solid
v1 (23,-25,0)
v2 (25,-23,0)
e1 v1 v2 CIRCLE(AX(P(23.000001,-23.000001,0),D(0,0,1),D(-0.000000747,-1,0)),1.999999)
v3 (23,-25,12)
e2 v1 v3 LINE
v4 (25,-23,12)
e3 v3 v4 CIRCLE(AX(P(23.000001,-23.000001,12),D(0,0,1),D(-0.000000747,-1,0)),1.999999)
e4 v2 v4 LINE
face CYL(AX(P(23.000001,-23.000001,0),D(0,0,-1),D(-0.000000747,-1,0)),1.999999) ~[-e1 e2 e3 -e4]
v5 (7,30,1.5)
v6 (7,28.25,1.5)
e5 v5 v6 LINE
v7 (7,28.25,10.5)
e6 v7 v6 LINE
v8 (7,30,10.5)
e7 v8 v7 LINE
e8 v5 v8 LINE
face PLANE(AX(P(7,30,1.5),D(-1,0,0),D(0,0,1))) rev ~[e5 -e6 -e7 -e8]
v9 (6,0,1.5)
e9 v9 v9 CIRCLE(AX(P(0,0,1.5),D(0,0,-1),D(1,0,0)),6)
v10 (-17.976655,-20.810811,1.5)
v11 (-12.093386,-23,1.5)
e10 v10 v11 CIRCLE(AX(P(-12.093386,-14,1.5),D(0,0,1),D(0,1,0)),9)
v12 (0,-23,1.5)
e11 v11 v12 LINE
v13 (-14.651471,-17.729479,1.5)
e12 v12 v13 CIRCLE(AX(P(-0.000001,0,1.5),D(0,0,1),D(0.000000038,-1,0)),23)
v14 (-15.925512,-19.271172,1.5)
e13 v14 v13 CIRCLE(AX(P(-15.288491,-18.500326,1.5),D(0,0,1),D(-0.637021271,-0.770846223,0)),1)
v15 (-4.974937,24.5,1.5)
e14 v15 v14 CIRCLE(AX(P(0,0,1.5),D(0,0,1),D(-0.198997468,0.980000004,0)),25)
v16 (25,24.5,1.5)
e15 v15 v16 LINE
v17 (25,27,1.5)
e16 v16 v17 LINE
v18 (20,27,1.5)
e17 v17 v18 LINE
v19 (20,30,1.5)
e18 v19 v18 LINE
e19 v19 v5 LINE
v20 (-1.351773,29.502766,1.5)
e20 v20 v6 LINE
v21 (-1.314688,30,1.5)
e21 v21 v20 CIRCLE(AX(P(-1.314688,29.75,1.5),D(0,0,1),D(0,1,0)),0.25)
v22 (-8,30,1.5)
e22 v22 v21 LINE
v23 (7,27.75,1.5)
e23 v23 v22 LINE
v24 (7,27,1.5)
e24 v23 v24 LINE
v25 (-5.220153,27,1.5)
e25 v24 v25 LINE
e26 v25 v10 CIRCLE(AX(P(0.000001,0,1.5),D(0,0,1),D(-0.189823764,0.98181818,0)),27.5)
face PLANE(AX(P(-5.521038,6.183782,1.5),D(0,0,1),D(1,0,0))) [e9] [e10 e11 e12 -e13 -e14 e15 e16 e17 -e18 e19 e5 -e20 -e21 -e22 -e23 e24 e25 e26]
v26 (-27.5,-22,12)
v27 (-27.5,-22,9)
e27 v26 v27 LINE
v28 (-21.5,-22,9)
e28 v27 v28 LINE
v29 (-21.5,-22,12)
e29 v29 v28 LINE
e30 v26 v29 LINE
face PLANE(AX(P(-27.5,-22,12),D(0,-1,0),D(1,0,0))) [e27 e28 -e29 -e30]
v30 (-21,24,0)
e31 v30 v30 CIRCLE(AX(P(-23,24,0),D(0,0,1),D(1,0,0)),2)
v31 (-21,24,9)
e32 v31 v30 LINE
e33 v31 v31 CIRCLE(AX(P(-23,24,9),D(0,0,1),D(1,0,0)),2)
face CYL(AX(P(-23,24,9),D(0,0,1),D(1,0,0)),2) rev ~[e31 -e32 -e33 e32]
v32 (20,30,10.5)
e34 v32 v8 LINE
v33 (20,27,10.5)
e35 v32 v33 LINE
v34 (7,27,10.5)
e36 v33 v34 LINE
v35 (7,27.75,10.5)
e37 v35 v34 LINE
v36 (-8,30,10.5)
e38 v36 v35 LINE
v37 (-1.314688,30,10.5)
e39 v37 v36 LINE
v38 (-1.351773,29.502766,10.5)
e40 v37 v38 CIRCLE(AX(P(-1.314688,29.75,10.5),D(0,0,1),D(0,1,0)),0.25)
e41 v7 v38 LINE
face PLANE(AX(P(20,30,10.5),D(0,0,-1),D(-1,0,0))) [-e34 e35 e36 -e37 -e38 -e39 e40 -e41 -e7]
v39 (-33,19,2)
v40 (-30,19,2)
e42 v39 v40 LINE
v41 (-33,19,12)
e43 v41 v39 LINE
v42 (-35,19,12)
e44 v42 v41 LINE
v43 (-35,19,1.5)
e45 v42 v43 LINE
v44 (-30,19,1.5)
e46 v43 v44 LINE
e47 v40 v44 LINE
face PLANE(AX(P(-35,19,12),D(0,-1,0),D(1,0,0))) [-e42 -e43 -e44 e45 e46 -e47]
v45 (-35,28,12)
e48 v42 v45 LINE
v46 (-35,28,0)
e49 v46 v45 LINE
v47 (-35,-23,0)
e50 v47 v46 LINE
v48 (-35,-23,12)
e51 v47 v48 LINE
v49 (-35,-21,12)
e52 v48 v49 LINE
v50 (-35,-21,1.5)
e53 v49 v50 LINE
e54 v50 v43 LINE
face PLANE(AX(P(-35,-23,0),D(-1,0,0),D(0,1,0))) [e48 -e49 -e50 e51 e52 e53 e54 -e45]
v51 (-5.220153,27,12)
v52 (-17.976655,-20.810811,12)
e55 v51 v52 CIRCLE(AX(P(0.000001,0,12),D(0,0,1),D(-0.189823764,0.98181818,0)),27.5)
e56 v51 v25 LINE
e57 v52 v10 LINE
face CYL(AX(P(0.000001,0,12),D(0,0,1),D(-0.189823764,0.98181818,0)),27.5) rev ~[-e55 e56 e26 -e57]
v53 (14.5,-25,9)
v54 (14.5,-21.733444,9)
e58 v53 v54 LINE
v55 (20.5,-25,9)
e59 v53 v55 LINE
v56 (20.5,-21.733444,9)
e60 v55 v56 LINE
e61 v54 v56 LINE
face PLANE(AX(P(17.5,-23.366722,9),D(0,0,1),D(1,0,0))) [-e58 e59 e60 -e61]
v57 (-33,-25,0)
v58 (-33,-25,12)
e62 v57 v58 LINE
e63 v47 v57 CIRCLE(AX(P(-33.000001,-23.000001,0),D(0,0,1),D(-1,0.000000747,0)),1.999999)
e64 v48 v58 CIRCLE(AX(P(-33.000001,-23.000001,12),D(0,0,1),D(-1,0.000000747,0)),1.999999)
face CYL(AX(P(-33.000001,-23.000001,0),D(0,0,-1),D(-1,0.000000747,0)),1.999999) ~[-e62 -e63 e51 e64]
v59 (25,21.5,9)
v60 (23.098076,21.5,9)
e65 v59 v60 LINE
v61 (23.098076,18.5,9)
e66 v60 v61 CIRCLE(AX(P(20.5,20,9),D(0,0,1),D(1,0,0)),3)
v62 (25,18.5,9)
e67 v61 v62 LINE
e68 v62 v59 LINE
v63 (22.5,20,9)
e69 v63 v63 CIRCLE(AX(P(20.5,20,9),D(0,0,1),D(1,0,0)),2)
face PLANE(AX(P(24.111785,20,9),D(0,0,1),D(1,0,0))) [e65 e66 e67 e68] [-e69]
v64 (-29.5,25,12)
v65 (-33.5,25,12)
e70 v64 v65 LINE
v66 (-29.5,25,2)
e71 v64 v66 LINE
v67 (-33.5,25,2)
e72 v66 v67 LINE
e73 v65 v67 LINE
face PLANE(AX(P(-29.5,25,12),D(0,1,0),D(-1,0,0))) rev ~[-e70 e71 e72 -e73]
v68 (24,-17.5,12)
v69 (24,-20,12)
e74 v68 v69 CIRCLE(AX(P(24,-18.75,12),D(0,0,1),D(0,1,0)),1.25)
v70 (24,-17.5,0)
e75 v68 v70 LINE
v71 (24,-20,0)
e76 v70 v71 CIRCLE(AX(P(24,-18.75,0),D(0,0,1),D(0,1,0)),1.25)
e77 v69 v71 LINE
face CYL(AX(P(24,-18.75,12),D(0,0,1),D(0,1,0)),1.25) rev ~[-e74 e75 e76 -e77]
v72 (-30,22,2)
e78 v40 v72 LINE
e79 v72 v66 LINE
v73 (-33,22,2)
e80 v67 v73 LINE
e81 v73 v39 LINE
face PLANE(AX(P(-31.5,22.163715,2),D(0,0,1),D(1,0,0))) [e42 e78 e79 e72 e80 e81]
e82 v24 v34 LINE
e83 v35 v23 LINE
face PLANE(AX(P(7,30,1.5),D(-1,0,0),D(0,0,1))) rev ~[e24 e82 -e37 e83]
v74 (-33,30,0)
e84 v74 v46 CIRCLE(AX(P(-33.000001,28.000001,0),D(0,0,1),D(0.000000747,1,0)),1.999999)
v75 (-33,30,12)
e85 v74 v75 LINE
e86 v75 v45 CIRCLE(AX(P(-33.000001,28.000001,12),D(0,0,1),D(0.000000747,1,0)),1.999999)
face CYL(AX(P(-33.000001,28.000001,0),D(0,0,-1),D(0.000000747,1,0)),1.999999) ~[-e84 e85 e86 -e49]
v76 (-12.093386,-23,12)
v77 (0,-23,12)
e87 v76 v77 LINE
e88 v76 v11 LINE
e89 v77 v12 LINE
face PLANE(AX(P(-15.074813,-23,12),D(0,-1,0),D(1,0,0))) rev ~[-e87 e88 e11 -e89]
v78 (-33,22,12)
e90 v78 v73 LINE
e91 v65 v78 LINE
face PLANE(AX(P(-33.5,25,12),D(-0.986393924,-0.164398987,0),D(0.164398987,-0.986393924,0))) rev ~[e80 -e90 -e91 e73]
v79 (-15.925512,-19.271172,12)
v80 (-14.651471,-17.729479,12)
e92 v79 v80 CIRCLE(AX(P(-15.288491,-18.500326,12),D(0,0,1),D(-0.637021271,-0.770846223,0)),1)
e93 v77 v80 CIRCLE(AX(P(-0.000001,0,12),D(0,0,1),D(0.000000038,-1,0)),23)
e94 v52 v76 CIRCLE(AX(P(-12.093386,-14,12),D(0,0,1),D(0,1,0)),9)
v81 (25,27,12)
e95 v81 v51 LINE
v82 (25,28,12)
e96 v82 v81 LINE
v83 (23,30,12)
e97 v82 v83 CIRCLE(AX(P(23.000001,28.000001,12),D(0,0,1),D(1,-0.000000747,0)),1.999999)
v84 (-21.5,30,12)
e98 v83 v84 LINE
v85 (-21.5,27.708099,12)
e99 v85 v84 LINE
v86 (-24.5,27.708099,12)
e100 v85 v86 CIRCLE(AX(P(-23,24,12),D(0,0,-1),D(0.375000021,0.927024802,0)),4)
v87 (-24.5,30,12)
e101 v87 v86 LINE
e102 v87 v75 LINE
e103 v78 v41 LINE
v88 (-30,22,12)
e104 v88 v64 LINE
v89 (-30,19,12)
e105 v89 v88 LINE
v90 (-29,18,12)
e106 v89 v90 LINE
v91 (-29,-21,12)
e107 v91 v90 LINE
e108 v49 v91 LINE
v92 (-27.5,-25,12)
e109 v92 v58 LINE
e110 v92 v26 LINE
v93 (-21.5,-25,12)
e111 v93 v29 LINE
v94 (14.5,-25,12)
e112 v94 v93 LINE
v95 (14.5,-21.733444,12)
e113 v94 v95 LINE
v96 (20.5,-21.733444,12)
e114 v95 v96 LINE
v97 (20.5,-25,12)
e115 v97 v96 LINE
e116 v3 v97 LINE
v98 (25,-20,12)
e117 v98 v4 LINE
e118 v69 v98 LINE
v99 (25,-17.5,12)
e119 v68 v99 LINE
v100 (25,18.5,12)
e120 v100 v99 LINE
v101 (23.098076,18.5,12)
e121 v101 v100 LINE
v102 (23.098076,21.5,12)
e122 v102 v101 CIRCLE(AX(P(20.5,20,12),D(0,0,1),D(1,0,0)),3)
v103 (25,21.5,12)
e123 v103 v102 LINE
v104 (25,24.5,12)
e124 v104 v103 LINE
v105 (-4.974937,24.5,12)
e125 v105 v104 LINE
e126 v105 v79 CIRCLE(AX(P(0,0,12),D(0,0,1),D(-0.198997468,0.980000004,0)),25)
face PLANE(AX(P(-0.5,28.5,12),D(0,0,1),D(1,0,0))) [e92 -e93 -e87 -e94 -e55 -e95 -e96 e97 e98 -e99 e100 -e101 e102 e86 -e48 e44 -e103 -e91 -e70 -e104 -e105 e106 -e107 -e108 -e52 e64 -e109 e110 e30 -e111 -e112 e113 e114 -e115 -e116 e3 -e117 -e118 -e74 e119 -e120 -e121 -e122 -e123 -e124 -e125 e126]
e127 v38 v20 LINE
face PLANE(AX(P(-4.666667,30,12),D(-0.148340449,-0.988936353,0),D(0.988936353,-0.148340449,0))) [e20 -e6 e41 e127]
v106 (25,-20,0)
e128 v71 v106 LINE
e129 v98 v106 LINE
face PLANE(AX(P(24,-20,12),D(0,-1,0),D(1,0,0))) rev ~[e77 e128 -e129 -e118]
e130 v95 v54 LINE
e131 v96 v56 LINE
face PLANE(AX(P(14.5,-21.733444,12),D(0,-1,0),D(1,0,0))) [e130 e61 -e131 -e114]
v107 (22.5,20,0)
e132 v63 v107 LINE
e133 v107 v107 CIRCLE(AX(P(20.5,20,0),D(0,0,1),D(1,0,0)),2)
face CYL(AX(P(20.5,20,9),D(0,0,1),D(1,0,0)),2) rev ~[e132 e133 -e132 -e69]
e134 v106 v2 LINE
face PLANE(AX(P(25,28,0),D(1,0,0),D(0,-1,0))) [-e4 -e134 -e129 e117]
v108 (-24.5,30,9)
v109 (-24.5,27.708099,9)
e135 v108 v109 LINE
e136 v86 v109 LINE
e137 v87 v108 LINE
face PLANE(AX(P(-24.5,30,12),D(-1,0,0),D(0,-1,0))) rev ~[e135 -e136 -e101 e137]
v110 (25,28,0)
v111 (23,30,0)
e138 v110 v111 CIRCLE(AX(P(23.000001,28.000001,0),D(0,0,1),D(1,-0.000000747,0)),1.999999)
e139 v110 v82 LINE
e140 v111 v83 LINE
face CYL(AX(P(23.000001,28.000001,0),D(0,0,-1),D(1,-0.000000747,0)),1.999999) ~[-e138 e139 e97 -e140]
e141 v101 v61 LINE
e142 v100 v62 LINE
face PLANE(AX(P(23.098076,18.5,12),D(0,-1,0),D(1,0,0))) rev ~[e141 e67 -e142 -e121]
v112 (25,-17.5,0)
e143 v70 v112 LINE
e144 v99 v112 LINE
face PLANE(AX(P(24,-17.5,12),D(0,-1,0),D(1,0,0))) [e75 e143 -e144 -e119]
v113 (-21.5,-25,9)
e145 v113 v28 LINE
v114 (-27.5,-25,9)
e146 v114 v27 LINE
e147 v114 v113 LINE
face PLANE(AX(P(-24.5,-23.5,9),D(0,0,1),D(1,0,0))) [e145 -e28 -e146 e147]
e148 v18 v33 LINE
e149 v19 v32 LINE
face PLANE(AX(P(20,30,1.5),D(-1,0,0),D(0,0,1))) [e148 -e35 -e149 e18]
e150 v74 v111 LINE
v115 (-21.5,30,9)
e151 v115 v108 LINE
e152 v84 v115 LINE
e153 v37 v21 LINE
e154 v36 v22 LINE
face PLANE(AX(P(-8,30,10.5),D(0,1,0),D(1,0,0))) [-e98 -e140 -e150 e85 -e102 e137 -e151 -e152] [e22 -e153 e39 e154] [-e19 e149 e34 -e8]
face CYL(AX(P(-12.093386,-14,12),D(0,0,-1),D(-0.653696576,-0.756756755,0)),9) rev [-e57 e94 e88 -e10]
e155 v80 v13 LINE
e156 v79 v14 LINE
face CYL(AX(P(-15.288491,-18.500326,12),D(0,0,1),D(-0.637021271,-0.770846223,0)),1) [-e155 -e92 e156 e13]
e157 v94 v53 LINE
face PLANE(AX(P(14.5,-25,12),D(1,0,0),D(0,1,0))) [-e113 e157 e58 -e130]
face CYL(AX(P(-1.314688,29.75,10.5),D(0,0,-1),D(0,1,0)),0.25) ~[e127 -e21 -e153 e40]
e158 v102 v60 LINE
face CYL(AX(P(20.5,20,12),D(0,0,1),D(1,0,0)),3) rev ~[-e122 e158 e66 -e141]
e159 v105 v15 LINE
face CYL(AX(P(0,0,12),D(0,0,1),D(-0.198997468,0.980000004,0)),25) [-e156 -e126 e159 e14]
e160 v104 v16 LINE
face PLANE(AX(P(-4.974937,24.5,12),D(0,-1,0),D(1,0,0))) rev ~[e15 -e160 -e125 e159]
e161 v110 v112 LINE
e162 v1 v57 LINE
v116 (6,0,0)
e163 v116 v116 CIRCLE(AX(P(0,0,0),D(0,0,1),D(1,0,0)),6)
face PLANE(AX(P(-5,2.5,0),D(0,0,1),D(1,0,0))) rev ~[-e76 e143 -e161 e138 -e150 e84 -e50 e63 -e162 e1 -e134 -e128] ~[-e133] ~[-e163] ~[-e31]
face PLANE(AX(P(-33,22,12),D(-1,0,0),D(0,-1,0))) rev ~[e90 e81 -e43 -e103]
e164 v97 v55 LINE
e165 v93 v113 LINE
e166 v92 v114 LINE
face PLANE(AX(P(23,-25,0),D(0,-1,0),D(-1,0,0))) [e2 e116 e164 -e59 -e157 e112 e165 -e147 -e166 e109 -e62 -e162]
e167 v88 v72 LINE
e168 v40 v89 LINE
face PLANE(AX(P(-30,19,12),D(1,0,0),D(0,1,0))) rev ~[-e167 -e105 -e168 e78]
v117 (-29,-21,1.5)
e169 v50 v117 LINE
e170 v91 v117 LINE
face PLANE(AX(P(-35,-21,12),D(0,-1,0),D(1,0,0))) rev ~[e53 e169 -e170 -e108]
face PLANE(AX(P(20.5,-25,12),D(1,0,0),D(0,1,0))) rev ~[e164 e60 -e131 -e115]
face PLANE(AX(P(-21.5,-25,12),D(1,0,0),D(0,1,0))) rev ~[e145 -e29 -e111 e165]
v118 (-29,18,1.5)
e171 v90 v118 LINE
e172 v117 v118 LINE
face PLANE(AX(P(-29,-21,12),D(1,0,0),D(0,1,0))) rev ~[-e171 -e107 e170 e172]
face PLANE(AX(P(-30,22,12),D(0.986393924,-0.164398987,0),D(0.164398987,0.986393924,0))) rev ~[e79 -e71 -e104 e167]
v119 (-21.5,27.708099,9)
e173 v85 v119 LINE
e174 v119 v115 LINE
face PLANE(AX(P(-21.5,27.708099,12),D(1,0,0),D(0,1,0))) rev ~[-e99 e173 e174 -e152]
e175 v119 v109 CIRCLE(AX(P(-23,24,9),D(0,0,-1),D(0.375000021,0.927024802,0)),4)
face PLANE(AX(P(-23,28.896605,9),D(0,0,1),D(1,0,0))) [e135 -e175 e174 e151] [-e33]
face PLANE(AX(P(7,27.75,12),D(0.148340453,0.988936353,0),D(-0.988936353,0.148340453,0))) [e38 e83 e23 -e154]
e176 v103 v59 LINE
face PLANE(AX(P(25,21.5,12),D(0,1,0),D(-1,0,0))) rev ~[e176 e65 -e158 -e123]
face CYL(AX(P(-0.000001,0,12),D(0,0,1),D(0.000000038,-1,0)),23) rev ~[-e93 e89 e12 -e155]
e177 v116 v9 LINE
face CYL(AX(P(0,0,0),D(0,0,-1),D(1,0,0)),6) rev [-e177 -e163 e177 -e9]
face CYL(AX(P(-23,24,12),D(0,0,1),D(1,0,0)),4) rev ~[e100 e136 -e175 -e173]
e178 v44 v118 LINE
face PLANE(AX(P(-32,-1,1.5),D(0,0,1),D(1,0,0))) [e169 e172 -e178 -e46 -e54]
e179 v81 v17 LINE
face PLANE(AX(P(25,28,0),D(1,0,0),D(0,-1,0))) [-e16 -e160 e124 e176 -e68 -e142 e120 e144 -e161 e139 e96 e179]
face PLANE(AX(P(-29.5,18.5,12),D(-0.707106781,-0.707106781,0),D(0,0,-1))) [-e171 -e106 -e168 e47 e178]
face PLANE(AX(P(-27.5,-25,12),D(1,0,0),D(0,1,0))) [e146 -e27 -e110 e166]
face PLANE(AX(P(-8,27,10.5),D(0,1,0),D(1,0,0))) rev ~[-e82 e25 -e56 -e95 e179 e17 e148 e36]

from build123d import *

# Parameters (mm, degrees)
SKETCH_R        = 6
PAD_DEPTH       = 12
POCKET_DEPTH    = 10.5
FILLET_R        = 9
POCKET001_DEPTH = 12.001
SKETCH003_W     = 6
SKETCH003_H     = 40
POCKET002_DEPTH = 10.5
POCKET003_DEPTH = 10
SKETCH005_R     = 4
SKETCH005_R_2   = 3
SKETCH005_W     = 6
SKETCH005_H     = 3
SKETCH005_H_2   = 3.266556
POCKET004_DEPTH = 3
SKETCH006_W     = 13
SKETCH006_H     = 9
POCKET005_DEPTH = 5
POCKET006_DEPTH = 10.5
SKETCH008_W     = 15
SKETCH008_H     = 3
POCKET007_DEPTH = 1.5
SKETCH009_W     = 15
SKETCH009_H     = 3
PAD001_DEPTH    = 1.5
POCKET008_DEPTH = 3
FILLET001_R     = 0.25
SKETCH011_R     = 2
POCKET009_DEPTH = 9.001
CHAMFER_SIZE    = 1


with BuildPart() as part:
    # Sketch → Pad (new body)
    with BuildSketch(Plane.XY):
        with BuildLine():
            ThreePointArc((-33, 30), (-34.414214, 29.414214), (-35, 28))
            Line((-35, -23), (-35, 28))
            ThreePointArc((-35, -23), (-34.414214, -24.414214), (-33, -25))
            Line((23, -25), (-33, -25))
            ThreePointArc((23, -25), (24.414214, -24.414214), (25, -23))
            Line((25, 28), (25, -23))
            ThreePointArc((25, 28), (24.414214, 29.414214), (23, 30))
            Line((-33, 30), (23, 30))
        make_face()
        Circle(SKETCH_R, mode=Mode.SUBTRACT)
    extrude(amount=PAD_DEPTH)

    # Sketch001 (on Face11 of Pad) → Pocket (cut)
    with BuildSketch(Plane.XY.offset(12)):
        with BuildLine():
            ThreePointArc((0, -23), (7.785306, 21.642297), (-14.651471, -17.729479))
            ThreePointArc((-15.925512, -19.271172), (-14.517644, -19.137346), (-14.651471, -17.729479))
            ThreePointArc((-4.974937, 24.5), (-24.252548, 6.067448), (-15.925512, -19.271172))
            Line((-4.974937, 24.5), (25, 24.5))
            Line((25, 24.5), (25, 27))
            Line((25, 27), (-5.220153, 27))
            ThreePointArc((-5.220153, 27), (-26.980945, 5.317761), (-15.074813, -23))
            Line((-15.074813, -23), (0, -23))
        make_face()
    extrude(amount=-POCKET_DEPTH, mode=Mode.SUBTRACT)

    # Fillet
    fillet_edges = [part.edges().sort_by_distance(p)[0] for p in [
        (-15.074813, -23, 6.75),
    ]]
    fillet(fillet_edges, radius=FILLET_R)

    # Sketch002 (on Face1 of Fillet) → Pocket001 (cut, through all)
    with BuildSketch(Plane.XY.offset(12)):
        with BuildLine():
            ThreePointArc((24, -17.5), (22.75, -18.75), (24, -20))
            Line((24, -20), (25, -20))
            Line((25, -17.5), (25, -20))
            Line((24, -17.5), (25, -17.5))
        make_face()
    extrude(amount=-POCKET001_DEPTH, mode=Mode.SUBTRACT)

    # Sketch003 (on Face1 of Pocket001) → Pocket002 (cut)
    with BuildSketch(Plane.XY.offset(12)):
        with Locations((-32, -1)):
            Rectangle(SKETCH003_W, SKETCH003_H)
    extrude(amount=-POCKET002_DEPTH, mode=Mode.SUBTRACT)

    # Sketch004 (on Face1 of Pocket002) → Pocket003 (cut)
    with BuildSketch(Plane.XY.offset(12)):
        Polygon((-33, 22), (-33, 19), (-30, 19), (-30, 22), (-29.5, 25), (-33.5, 25), align=None)
    extrude(amount=-POCKET003_DEPTH, mode=Mode.SUBTRACT)

    # Sketch005 (on Face1 of Pocket003) → Pocket004 (cut)
    with BuildSketch(Plane.XY.offset(12)):
        with Locations((-23, 24)):
            Circle(SKETCH005_R)
        with Locations((20.5, 20)):
            Circle(SKETCH005_R_2)
        with Locations((-24.5, -23.5)):
            Rectangle(SKETCH005_W, SKETCH005_H)
        with Locations((17.5, -23.366722)):
            Rectangle(SKETCH005_W, SKETCH005_H_2)
    extrude(amount=-POCKET004_DEPTH, mode=Mode.SUBTRACT)

    # Sketch006 (on Face32 of Pocket004) → Pocket005 (cut)
    with BuildSketch(Plane(origin=(0, 30, 0), x_dir=(-1, 0, 0), z_dir=(0, 1, 0))):
        with Locations((-13.5, 6)):
            Rectangle(SKETCH006_W, SKETCH006_H)
    extrude(amount=-POCKET005_DEPTH, mode=Mode.SUBTRACT)

    # Sketch007 (on Face1 of Pocket005) → Pocket006 (cut)
    with BuildSketch(Plane.XY.offset(12)):
        Polygon((7, 27.75), (-8, 30), (-4.666667, 30), (7, 28.25), align=None)
    extrude(amount=-POCKET006_DEPTH, mode=Mode.SUBTRACT)

    # Sketch008 (on Face1 of Pocket006) → Pocket007 (cut)
    with BuildSketch(Plane.XY.offset(12)):
        with Locations((-0.5, 28.5)):
            Rectangle(SKETCH008_W, SKETCH008_H)
    extrude(amount=-POCKET007_DEPTH, mode=Mode.SUBTRACT)

    # Sketch009 (on Face54 of Pocket007) → Pad001 (join)
    with BuildSketch(Plane.XY.offset(10.5)):
        with Locations((-0.5, 28.5)):
            Rectangle(SKETCH009_W, SKETCH009_H)
    extrude(amount=PAD001_DEPTH)

    # Sketch010 (on Face45 of Pad001) → Pocket008 (cut)
    with BuildSketch(Plane.XY.offset(12)):
        with BuildLine():
            Line((-24.5, 30), (-24.5, 27.708099))
            ThreePointArc((-21.5, 27.708099), (-23, 28), (-24.5, 27.708099))
            Line((-21.5, 27.708099), (-21.5, 30))
            Line((-21.5, 30), (-24.5, 30))
        make_face()
        with BuildLine():
            Line((23.098076, 18.5), (25, 18.5))
            Line((25, 18.5), (25, 21.5))
            Line((25, 21.5), (23.098076, 21.5))
            ThreePointArc((23.098076, 18.5), (23.5, 20), (23.098076, 21.5))
        make_face()
    extrude(amount=-POCKET008_DEPTH, mode=Mode.SUBTRACT)

    # Fillet001
    fillet001_edges = [part.edges().sort_by_distance(p)[0] for p in [
        (-4.666667, 30, 6),
    ]]
    fillet(fillet001_edges, radius=FILLET001_R)

    # Sketch011 (on Face24 of Fillet001) → Pocket009 (cut, through all)
    with BuildSketch(Plane.XY.offset(9)):
        with Locations((-23, 24)):
            Circle(SKETCH011_R)
        with Locations((20.5, 20)):
            Circle(SKETCH011_R)
    extrude(amount=-POCKET009_DEPTH, mode=Mode.SUBTRACT)

    # Chamfer
    chamfer_edges = [part.edges().sort_by_distance(p)[0] for p in [
        (-29, 19, 6.75),
    ]]
    chamfer(chamfer_edges, length=CHAMFER_SIZE)


solid = part.part
